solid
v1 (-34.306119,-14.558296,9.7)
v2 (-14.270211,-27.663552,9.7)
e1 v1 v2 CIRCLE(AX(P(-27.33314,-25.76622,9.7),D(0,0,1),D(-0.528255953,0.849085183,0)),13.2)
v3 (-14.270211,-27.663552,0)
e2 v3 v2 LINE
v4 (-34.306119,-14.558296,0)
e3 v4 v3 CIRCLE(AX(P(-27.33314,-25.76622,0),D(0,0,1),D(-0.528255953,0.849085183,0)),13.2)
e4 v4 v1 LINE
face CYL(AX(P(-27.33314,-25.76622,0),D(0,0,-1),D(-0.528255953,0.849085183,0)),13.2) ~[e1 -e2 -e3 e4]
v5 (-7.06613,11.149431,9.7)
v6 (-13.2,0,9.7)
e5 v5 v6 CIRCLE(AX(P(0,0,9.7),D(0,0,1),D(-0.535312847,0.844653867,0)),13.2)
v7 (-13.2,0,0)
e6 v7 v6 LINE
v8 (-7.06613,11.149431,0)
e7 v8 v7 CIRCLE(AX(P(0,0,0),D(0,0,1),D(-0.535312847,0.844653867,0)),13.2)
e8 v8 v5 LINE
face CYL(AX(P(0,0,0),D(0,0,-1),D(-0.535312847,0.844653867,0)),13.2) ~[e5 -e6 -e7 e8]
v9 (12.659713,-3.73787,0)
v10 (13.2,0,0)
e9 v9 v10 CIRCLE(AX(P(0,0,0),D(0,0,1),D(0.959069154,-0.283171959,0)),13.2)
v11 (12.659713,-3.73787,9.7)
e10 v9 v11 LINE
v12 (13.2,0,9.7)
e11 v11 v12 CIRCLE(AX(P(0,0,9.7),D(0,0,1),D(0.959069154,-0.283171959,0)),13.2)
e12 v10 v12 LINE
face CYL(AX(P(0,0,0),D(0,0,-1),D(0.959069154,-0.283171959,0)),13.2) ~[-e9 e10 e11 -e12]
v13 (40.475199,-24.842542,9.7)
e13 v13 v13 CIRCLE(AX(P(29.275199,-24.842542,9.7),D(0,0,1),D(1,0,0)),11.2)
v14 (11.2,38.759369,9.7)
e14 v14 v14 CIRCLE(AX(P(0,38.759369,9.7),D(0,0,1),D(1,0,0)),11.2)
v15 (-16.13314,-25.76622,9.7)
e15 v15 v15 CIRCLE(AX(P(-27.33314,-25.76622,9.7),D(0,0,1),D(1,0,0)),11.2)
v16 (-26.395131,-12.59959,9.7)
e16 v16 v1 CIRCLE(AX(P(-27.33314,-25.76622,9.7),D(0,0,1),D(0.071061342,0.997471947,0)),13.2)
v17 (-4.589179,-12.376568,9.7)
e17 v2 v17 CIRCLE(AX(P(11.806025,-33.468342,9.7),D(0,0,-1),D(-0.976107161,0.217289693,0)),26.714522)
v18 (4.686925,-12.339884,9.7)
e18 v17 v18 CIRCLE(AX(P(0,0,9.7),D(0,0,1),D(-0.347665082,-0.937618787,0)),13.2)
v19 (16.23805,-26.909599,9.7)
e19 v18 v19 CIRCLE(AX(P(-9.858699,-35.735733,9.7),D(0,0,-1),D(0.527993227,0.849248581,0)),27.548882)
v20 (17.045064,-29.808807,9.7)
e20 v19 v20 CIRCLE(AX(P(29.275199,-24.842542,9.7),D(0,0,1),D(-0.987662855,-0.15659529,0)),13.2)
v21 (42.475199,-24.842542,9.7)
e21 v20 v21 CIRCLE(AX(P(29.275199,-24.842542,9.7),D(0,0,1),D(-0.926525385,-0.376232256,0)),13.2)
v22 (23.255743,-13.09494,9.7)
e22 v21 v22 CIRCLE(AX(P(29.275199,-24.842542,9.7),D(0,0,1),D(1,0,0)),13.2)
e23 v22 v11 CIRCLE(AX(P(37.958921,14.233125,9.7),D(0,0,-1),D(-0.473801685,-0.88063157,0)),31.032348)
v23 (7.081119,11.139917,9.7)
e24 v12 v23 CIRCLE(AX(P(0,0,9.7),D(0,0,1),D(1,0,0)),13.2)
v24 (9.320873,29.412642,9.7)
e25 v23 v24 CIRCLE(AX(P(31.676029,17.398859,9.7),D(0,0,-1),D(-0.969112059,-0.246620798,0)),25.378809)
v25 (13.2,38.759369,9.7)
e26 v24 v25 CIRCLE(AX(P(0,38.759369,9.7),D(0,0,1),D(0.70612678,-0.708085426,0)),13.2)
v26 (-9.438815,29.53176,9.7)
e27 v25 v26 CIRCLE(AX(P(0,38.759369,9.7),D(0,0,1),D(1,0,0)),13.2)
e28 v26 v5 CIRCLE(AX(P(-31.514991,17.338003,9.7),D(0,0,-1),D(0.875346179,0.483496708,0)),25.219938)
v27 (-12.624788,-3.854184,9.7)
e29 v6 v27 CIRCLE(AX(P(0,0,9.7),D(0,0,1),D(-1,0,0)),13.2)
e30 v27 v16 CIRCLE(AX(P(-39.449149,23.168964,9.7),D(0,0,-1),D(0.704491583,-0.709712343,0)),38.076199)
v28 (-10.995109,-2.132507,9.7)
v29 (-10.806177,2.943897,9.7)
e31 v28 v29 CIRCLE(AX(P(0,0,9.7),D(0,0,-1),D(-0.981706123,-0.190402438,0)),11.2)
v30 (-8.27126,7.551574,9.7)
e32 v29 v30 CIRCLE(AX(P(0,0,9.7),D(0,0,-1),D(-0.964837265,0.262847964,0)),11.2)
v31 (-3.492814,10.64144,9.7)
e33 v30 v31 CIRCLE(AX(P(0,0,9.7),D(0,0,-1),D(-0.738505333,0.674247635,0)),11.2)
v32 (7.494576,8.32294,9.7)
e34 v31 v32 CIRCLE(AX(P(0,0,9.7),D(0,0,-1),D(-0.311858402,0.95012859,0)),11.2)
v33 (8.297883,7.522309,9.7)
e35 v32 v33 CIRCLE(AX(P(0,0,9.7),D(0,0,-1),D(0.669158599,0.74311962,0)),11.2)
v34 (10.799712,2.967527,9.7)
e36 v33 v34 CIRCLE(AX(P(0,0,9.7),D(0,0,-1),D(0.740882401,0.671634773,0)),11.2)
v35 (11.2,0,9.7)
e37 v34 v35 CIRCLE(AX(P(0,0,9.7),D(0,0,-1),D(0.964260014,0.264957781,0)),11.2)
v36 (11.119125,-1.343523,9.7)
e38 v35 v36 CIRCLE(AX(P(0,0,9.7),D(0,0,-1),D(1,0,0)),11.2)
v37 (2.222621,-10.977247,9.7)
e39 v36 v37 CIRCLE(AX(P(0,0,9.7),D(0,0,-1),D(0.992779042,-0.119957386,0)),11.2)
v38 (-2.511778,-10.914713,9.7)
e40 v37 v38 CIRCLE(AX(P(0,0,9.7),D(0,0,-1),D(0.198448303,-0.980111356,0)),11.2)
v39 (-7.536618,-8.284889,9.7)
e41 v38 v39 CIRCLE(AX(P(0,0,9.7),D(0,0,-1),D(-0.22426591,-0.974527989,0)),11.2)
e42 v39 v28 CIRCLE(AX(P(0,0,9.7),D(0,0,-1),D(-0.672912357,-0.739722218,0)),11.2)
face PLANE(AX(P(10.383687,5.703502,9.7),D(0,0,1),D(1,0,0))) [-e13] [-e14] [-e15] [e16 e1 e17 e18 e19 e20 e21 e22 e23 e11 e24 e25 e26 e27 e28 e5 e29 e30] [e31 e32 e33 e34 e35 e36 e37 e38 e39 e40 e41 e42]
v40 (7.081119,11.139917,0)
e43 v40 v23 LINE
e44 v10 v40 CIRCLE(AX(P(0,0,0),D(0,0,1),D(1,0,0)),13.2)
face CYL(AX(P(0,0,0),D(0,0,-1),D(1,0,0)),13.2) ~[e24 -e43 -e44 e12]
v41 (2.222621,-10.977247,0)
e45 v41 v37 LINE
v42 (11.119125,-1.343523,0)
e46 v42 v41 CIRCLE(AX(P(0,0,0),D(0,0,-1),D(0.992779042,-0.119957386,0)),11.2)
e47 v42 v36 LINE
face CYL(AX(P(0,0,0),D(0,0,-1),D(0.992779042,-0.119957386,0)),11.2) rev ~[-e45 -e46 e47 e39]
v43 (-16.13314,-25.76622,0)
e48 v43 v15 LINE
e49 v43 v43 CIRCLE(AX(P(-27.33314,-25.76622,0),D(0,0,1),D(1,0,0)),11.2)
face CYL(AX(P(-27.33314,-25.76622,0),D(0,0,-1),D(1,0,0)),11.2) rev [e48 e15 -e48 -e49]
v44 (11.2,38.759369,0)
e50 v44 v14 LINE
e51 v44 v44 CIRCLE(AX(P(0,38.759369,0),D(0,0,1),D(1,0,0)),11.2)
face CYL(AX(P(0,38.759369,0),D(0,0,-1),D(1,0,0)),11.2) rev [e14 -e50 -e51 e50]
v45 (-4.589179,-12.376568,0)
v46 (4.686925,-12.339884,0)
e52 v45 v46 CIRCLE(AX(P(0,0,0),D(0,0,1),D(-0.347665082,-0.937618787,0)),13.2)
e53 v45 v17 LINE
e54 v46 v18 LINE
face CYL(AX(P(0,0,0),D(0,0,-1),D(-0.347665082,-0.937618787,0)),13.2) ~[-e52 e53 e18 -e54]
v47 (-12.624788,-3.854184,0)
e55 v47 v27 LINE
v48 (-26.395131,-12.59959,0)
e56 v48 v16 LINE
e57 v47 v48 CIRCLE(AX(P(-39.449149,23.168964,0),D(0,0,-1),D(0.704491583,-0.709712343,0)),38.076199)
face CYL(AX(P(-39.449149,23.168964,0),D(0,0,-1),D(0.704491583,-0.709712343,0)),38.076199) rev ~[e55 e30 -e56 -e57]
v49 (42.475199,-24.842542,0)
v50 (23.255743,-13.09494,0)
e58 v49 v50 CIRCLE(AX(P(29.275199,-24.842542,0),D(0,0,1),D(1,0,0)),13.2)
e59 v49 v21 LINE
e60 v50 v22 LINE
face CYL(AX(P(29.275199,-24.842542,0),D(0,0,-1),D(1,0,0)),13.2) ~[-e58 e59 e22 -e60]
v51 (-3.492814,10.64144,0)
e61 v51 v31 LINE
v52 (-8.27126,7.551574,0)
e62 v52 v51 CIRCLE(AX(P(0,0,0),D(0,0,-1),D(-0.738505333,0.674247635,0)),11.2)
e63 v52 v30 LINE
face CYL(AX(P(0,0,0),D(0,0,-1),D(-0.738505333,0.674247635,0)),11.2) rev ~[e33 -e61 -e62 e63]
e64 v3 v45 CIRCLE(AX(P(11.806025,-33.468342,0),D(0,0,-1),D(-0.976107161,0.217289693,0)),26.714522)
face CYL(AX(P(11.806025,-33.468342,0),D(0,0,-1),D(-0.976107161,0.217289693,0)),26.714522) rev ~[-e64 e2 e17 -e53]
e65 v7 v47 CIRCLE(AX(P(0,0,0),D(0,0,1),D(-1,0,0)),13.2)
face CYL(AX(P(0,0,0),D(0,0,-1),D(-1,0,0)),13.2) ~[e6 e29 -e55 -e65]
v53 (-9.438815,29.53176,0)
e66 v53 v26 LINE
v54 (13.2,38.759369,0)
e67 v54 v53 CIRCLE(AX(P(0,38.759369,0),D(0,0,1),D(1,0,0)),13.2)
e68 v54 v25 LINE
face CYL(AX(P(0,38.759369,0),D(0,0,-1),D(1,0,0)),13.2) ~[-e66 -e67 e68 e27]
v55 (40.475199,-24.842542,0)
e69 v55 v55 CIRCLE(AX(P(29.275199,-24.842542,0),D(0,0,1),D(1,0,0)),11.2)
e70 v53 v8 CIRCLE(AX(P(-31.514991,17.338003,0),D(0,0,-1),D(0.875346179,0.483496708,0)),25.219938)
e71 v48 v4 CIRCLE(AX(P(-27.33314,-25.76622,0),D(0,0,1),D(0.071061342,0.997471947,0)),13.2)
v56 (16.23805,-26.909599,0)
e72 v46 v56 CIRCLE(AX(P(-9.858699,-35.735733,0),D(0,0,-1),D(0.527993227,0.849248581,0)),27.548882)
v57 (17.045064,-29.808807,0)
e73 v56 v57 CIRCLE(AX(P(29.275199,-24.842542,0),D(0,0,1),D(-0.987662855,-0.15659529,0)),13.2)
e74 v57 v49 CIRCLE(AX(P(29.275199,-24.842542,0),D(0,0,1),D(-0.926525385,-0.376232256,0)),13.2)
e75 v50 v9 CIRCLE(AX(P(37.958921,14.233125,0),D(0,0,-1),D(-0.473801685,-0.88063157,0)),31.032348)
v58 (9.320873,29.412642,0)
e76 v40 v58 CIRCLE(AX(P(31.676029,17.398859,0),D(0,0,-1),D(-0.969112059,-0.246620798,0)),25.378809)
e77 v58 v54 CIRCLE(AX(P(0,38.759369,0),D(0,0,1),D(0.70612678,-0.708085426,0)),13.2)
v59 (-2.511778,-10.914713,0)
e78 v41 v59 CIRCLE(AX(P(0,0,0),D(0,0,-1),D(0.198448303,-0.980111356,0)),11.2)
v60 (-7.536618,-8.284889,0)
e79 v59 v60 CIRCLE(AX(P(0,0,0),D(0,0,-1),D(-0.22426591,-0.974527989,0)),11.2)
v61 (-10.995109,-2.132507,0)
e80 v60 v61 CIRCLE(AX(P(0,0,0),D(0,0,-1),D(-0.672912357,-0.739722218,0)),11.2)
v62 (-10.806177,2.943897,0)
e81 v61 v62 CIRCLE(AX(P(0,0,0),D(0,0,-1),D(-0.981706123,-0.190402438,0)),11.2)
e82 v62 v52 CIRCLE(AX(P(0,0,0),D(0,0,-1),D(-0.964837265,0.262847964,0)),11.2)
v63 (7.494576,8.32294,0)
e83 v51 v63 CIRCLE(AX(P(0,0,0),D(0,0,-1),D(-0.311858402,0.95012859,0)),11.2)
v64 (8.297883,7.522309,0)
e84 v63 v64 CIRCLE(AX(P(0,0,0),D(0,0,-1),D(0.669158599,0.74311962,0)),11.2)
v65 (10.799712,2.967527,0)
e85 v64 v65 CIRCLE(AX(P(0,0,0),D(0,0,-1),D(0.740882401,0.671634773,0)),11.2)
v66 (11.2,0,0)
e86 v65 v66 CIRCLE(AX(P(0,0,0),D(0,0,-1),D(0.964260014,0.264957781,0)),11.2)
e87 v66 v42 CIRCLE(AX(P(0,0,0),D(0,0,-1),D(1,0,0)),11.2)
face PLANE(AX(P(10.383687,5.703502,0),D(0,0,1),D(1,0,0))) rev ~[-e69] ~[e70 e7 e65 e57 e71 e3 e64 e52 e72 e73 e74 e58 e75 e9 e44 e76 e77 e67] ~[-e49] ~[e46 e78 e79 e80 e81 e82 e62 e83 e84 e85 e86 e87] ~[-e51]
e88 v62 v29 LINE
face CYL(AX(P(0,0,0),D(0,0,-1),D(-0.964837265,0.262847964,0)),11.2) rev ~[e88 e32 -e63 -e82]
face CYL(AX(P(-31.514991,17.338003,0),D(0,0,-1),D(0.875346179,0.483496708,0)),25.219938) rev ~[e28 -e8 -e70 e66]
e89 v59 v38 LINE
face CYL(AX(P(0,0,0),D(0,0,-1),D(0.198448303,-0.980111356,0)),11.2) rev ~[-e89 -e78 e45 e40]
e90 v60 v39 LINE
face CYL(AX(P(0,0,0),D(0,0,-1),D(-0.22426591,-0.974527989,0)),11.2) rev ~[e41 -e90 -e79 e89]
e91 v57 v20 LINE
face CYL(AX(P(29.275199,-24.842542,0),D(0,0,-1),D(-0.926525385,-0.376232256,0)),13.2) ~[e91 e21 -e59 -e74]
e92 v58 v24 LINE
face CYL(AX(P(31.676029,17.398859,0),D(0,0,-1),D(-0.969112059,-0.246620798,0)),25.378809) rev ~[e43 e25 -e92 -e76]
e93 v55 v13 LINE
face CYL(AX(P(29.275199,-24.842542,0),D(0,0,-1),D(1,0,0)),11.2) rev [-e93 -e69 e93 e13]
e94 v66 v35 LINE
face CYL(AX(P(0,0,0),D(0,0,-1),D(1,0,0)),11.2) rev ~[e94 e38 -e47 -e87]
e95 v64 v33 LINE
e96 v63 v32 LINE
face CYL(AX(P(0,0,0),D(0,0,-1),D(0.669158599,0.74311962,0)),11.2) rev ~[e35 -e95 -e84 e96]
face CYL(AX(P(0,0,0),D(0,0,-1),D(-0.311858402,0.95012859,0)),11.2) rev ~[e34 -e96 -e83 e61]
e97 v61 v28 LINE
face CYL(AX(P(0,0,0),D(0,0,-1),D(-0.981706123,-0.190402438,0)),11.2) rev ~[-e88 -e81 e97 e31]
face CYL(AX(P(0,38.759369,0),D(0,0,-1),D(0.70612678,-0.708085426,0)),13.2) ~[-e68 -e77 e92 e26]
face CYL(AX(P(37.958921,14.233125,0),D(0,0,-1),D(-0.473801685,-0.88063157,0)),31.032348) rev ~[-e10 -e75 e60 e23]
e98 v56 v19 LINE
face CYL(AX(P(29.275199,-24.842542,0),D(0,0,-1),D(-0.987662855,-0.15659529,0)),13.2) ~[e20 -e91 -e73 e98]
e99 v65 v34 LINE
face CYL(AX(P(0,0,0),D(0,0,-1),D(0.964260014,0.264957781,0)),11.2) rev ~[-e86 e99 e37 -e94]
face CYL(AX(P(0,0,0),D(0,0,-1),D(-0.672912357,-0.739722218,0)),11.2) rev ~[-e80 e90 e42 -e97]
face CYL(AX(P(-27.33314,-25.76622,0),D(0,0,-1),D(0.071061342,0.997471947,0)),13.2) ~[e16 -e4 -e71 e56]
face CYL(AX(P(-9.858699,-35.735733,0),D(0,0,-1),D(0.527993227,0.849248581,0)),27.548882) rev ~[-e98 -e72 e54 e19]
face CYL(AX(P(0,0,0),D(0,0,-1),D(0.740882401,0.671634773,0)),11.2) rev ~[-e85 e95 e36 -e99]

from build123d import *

# Parameters (mm, degrees)
F0_R     = 11.2
F1_DEPTH = 9.7


with BuildPart() as f1:
    # F0 (on Top) → F1 (new body)
    with BuildSketch(Plane.XY):
        with BuildLine():
            ThreePointArc((10.7997121538, 2.9675271514), (11.9439907052, 1.4385768038), (13.2, 0))
            ThreePointArc((13.2, 0), (11.569588838, 6.3548889934), (7.0811190729, 11.1399170857))
            ThreePointArc((7.0811190729, 11.1399170857), (7.6213974776, 9.3082070065), (8.2978828887, 7.5223094569))
            ThreePointArc((8.2978828887, 7.5223094569), (9.8166208323, 5.3920270247), (10.7997121538, 2.9675271514))
        make_face()
        with BuildLine():
            ThreePointArc((12.6597128294, -3.7378698582), (13.0642299687, -1.8883578384), (13.2, 0))
            ThreePointArc((13.2, 0), (11.9439907052, 1.4385768038), (10.7997121538, 2.9675271514))
            ThreePointArc((10.7997121538, 2.9675271514), (11.0994769274, 1.4972013687), (11.2, 0))
            ThreePointArc((11.2, 0), (11.1797630339, -0.6729773444), (11.1191252668, -1.343522721))
            ThreePointArc((11.1191252668, -1.343522721), (11.861944996, -2.5583738361), (12.6597128294, -3.7378698582))
        make_face()
        with BuildLine():
            ThreePointArc((7.4945763109, 8.3229397403), (7.255524149, 9.7266841779), (7.0811190729, 11.1399170857))
            ThreePointArc((7.0811190729, 11.1399170857), (2.3229386222, 12.9939969277), (-2.7829079526, 12.9033105569))
            ThreePointArc((-2.7829079526, 12.9033105569), (-3.1202534931, 11.7668491168), (-3.4928140977, 10.641440207))
            ThreePointArc((-3.4928140977, 10.641440207), (2.312441633, 10.9586775522), (7.4945763109, 8.3229397403))
        make_face()
        with BuildLine():
            ThreePointArc((-2.7829079526, 12.9033105569), (2.3229386222, 12.9939969277), (7.0811190729, 11.1399170857))
            ThreePointArc((7.0811190729, 11.1399170857), (6.4857475715, 20.4865237167), (9.3208734987, 29.4126417821))
            ThreePointArc((9.3208734987, 29.4126417821), (-0.0838144074, 25.5596354988), (-9.4388150451, 29.5317602575))
            ThreePointArc((-9.4388150451, 29.5317602575), (-6.5025484684, 20.5664657708), (-7.0661295843, 11.1494310482))
            ThreePointArc((-7.0661295843, 11.1494310482), (-5.0019904472, 12.2155675908), (-2.7829079526, 12.9033105569))
        make_face()
        with BuildLine():
            ThreePointArc((8.2978828887, 7.5223094569), (7.6213974776, 9.3082070065), (7.0811190729, 11.1399170857))
            ThreePointArc((7.0811190729, 11.1399170857), (7.255524149, 9.7266841779), (7.4945763109, 8.3229397403))
            ThreePointArc((7.4945763109, 8.3229397403), (7.9063704761, 7.9327993732), (8.2978828887, 7.5223094569))
        make_face()
        with BuildLine():
            ThreePointArc((23.2557426949, -13.0949401652), (17.417829946, -9.0277901137), (12.6597128294, -3.7378698582))
            ThreePointArc((12.6597128294, -3.7378698582), (12.0939465538, -5.2892775267), (11.338902988, -6.7579049289))
            ThreePointArc((11.338902988, -6.7579049289), (8.4850698318, -10.1115572465), (4.6869245883, -12.3398840312))
            ThreePointArc((4.6869245883, -12.3398840312), (11.7287918196, -18.6207932863), (16.2380497133, -26.9095994984))
            ThreePointArc((16.2380497133, -26.9095994984), (17.5066070915, -18.8642279298), (23.2557426949, -13.0949401652))
        make_face()
        with BuildLine():
            ThreePointArc((11.338902988, -6.7579049289), (12.0939465538, -5.2892775267), (12.6597128294, -3.7378698582))
            ThreePointArc((12.6597128294, -3.7378698582), (11.861944996, -2.5583738361), (11.1191252668, -1.343522721))
            ThreePointArc((11.1191252668, -1.343522721), (10.3448630317, -4.2922964548), (8.8040757601, -6.9230231843))
            ThreePointArc((8.8040757601, -6.9230231843), (10.0695256921, -6.8103184234), (11.338902988, -6.7579049289))
        make_face()
        with BuildLine():
            ThreePointArc((-3.4928140977, 10.641440207), (-3.1202534931, 11.7668491168), (-2.7829079526, 12.9033105569))
            ThreePointArc((-2.7829079526, 12.9033105569), (-5.0019904472, 12.2155675908), (-7.0661295843, 11.1494310482))
            ThreePointArc((-7.0661295843, 11.1494310482), (-7.6009366797, 9.3278062246), (-8.271259726, 7.5515735145))
            ThreePointArc((-8.271259726, 7.5515735145), (-6.0815439879, 9.4050424094), (-3.4928140977, 10.641440207))
        make_face()
        with BuildLine():
            ThreePointArc((-9.4388150451, 29.5317602575), (-0.0838144074, 25.5596354988), (9.3208734987, 29.4126417821))
            ThreePointArc((9.3208734987, 29.4126417821), (12.1917088667, 33.6995042954), (13.2, 38.7593694031))
            ThreePointArc((13.2, 38.7593694031), (-4.9823509212, 50.9829604998), (-9.4388150451, 29.5317602575))
        make_face()
        with Locations((0, 38.7593694031)):
            Circle(F0_R, mode=Mode.SUBTRACT)
        with BuildLine():
            ThreePointArc((4.6869245883, -12.3398840312), (8.4850698318, -10.1115572465), (11.338902988, -6.7579049289))
            ThreePointArc((11.338902988, -6.7579049289), (10.0695256921, -6.8103184234), (8.8040757601, -6.9230231843))
            ThreePointArc((8.8040757601, -6.9230231843), (5.8741972555, -9.5359219063), (2.2226209928, -10.9772471924))
            ThreePointArc((2.2226209928, -10.9772471924), (3.4721946655, -11.6270584722), (4.6869245883, -12.3398840312))
        make_face()
        with BuildLine():
            ThreePointArc((42.4751993984, -24.8425416648), (36.1593540856, -13.5798415337), (23.2557426949, -13.0949401652))
            ThreePointArc((23.2557426949, -13.0949401652), (17.5066070915, -18.8642279298), (16.2380497133, -26.9095994984))
            ThreePointArc((16.2380497133, -26.9095994984), (16.6811751612, -28.3481754864), (17.0450643135, -29.8088074457))
            ThreePointArc((17.0450643135, -29.8088074457), (31.8052405917, -37.797806678), (42.4751993984, -24.8425416648))
        make_face()
        with Locations((29.2751993984, -24.8425416648)):
            Circle(F0_R, mode=Mode.SUBTRACT)
        with BuildLine():
            ThreePointArc((-8.271259726, 7.5515735145), (-7.6009366797, 9.3278062246), (-7.0661295843, 11.1494310482))
            ThreePointArc((-7.0661295843, 11.1494310482), (-11.5653125879, 6.3626680523), (-13.2, 0))
            ThreePointArc((-13.2, 0), (-11.947646657, 1.4268660523), (-10.8061773678, 2.9438971952))
            ThreePointArc((-10.8061773678, 2.9438971952), (-9.8129924989, 5.3986274383), (-8.271259726, 7.5515735145))
        make_face()
        with BuildLine():
            ThreePointArc((-4.589179085, -12.3765679946), (0.0522012849, -13.1998967809), (4.6869245883, -12.3398840312))
            ThreePointArc((4.6869245883, -12.3398840312), (3.4721946655, -11.6270584722), (2.2226209928, -10.9772471924))
            ThreePointArc((2.2226209928, -10.9772471924), (-0.1479208812, -11.1990231455), (-2.5117781872, -10.9147134794))
            ThreePointArc((-2.5117781872, -10.9147134794), (-3.5678638565, -11.6209350826), (-4.589179085, -12.3765679946))
        make_face()
        with BuildLine():
            ThreePointArc((17.0450643135, -29.8088074457), (16.6811751612, -28.3481754864), (16.2380497133, -26.9095994984))
            ThreePointArc((16.2380497133, -26.9095994984), (16.5586640372, -28.3822773057), (17.0450643135, -29.8088074457))
        make_face()
        with BuildLine():
            ThreePointArc((-10.8061773678, 2.9438971952), (-11.947646657, 1.4268660523), (-13.2, 0))
            ThreePointArc((-13.2, 0), (-13.0554049975, -1.9484353598), (-12.6247878255, -3.8541837476))
            ThreePointArc((-12.6247878255, -3.8541837476), (-11.7965458081, -3.0060317688), (-10.9951085748, -2.1325073104))
            ThreePointArc((-10.9951085748, -2.1325073104), (-11.192251242, 0.4165478802), (-10.8061773678, 2.9438971952))
        make_face()
        with BuildLine():
            ThreePointArc((-7.5366184006, -8.2848888396), (-9.7631539879, -5.4882441826), (-10.9951085748, -2.1325073104))
            ThreePointArc((-10.9951085748, -2.1325073104), (-11.7965458081, -3.0060317688), (-12.6247878255, -3.8541837476))
            ThreePointArc((-12.6247878255, -3.8541837476), (-11.6907811636, -6.1290811535), (-10.3510105514, -8.1912502442))
            ThreePointArc((-10.3510105514, -8.1912502442), (-8.9426172679, -8.2020863754), (-7.5366184006, -8.2848888396))
        make_face()
        with BuildLine():
            ThreePointArc((-14.2702107489, -27.6635521839), (-10.7633961504, -19.1754458925), (-4.589179085, -12.3765679946))
            ThreePointArc((-4.589179085, -12.3765679946), (-7.7576760542, -10.6798156463), (-10.3510105514, -8.1912502442))
            ThreePointArc((-10.3510105514, -8.1912502442), (-11.6907811636, -6.1290811535), (-12.6247878255, -3.8541837476))
            ThreePointArc((-12.6247878255, -3.8541837476), (-19.0361183181, -8.9729874739), (-26.3951306605, -12.5995902391))
            ThreePointArc((-26.3951306605, -12.5995902391), (-17.6733855055, -16.7701576999), (-14.1331403732, -25.7662199438))
            ThreePointArc((-14.1331403732, -25.7662199438), (-14.1674525628, -26.7173584612), (-14.2702107489, -27.6635521839))
        make_face()
        with BuildLine():
            ThreePointArc((-10.3510105514, -8.1912502442), (-7.7576760542, -10.6798156463), (-4.589179085, -12.3765679946))
            ThreePointArc((-4.589179085, -12.3765679946), (-3.5678638565, -11.6209350826), (-2.5117781872, -10.9147134794))
            ThreePointArc((-2.5117781872, -10.9147134794), (-5.1934153411, -9.923126377), (-7.5366184006, -8.2848888396))
            ThreePointArc((-7.5366184006, -8.2848888396), (-8.9426172679, -8.2020863754), (-10.3510105514, -8.1912502442))
        make_face()
        with BuildLine():
            ThreePointArc((-34.3061189534, -14.5582955275), (-34.5587070595, -36.8129925975), (-14.2702107489, -27.6635521839))
            ThreePointArc((-14.2702107489, -27.6635521839), (-14.1674525628, -26.7173584612), (-14.1331403732, -25.7662199438))
            ThreePointArc((-14.1331403732, -25.7662199438), (-17.6733855055, -16.7701576999), (-26.3951306605, -12.5995902391))
            ThreePointArc((-26.3951306605, -12.5995902391), (-30.2980685136, -13.7912117857), (-34.3061189534, -14.5582955275))
        make_face()
        with Locations((-27.3331403732, -25.7662199438)):
            Circle(F0_R, mode=Mode.SUBTRACT)
        with BuildLine():
            ThreePointArc((-34.3061189534, -14.5582955275), (-30.2980685136, -13.7912117857), (-26.3951306605, -12.5995902391))
            ThreePointArc((-26.3951306605, -12.5995902391), (-30.5055753859, -12.9531150862), (-34.3061189534, -14.5582955275))
        make_face()
    extrude(amount=F1_DEPTH)


solid = f1.part
